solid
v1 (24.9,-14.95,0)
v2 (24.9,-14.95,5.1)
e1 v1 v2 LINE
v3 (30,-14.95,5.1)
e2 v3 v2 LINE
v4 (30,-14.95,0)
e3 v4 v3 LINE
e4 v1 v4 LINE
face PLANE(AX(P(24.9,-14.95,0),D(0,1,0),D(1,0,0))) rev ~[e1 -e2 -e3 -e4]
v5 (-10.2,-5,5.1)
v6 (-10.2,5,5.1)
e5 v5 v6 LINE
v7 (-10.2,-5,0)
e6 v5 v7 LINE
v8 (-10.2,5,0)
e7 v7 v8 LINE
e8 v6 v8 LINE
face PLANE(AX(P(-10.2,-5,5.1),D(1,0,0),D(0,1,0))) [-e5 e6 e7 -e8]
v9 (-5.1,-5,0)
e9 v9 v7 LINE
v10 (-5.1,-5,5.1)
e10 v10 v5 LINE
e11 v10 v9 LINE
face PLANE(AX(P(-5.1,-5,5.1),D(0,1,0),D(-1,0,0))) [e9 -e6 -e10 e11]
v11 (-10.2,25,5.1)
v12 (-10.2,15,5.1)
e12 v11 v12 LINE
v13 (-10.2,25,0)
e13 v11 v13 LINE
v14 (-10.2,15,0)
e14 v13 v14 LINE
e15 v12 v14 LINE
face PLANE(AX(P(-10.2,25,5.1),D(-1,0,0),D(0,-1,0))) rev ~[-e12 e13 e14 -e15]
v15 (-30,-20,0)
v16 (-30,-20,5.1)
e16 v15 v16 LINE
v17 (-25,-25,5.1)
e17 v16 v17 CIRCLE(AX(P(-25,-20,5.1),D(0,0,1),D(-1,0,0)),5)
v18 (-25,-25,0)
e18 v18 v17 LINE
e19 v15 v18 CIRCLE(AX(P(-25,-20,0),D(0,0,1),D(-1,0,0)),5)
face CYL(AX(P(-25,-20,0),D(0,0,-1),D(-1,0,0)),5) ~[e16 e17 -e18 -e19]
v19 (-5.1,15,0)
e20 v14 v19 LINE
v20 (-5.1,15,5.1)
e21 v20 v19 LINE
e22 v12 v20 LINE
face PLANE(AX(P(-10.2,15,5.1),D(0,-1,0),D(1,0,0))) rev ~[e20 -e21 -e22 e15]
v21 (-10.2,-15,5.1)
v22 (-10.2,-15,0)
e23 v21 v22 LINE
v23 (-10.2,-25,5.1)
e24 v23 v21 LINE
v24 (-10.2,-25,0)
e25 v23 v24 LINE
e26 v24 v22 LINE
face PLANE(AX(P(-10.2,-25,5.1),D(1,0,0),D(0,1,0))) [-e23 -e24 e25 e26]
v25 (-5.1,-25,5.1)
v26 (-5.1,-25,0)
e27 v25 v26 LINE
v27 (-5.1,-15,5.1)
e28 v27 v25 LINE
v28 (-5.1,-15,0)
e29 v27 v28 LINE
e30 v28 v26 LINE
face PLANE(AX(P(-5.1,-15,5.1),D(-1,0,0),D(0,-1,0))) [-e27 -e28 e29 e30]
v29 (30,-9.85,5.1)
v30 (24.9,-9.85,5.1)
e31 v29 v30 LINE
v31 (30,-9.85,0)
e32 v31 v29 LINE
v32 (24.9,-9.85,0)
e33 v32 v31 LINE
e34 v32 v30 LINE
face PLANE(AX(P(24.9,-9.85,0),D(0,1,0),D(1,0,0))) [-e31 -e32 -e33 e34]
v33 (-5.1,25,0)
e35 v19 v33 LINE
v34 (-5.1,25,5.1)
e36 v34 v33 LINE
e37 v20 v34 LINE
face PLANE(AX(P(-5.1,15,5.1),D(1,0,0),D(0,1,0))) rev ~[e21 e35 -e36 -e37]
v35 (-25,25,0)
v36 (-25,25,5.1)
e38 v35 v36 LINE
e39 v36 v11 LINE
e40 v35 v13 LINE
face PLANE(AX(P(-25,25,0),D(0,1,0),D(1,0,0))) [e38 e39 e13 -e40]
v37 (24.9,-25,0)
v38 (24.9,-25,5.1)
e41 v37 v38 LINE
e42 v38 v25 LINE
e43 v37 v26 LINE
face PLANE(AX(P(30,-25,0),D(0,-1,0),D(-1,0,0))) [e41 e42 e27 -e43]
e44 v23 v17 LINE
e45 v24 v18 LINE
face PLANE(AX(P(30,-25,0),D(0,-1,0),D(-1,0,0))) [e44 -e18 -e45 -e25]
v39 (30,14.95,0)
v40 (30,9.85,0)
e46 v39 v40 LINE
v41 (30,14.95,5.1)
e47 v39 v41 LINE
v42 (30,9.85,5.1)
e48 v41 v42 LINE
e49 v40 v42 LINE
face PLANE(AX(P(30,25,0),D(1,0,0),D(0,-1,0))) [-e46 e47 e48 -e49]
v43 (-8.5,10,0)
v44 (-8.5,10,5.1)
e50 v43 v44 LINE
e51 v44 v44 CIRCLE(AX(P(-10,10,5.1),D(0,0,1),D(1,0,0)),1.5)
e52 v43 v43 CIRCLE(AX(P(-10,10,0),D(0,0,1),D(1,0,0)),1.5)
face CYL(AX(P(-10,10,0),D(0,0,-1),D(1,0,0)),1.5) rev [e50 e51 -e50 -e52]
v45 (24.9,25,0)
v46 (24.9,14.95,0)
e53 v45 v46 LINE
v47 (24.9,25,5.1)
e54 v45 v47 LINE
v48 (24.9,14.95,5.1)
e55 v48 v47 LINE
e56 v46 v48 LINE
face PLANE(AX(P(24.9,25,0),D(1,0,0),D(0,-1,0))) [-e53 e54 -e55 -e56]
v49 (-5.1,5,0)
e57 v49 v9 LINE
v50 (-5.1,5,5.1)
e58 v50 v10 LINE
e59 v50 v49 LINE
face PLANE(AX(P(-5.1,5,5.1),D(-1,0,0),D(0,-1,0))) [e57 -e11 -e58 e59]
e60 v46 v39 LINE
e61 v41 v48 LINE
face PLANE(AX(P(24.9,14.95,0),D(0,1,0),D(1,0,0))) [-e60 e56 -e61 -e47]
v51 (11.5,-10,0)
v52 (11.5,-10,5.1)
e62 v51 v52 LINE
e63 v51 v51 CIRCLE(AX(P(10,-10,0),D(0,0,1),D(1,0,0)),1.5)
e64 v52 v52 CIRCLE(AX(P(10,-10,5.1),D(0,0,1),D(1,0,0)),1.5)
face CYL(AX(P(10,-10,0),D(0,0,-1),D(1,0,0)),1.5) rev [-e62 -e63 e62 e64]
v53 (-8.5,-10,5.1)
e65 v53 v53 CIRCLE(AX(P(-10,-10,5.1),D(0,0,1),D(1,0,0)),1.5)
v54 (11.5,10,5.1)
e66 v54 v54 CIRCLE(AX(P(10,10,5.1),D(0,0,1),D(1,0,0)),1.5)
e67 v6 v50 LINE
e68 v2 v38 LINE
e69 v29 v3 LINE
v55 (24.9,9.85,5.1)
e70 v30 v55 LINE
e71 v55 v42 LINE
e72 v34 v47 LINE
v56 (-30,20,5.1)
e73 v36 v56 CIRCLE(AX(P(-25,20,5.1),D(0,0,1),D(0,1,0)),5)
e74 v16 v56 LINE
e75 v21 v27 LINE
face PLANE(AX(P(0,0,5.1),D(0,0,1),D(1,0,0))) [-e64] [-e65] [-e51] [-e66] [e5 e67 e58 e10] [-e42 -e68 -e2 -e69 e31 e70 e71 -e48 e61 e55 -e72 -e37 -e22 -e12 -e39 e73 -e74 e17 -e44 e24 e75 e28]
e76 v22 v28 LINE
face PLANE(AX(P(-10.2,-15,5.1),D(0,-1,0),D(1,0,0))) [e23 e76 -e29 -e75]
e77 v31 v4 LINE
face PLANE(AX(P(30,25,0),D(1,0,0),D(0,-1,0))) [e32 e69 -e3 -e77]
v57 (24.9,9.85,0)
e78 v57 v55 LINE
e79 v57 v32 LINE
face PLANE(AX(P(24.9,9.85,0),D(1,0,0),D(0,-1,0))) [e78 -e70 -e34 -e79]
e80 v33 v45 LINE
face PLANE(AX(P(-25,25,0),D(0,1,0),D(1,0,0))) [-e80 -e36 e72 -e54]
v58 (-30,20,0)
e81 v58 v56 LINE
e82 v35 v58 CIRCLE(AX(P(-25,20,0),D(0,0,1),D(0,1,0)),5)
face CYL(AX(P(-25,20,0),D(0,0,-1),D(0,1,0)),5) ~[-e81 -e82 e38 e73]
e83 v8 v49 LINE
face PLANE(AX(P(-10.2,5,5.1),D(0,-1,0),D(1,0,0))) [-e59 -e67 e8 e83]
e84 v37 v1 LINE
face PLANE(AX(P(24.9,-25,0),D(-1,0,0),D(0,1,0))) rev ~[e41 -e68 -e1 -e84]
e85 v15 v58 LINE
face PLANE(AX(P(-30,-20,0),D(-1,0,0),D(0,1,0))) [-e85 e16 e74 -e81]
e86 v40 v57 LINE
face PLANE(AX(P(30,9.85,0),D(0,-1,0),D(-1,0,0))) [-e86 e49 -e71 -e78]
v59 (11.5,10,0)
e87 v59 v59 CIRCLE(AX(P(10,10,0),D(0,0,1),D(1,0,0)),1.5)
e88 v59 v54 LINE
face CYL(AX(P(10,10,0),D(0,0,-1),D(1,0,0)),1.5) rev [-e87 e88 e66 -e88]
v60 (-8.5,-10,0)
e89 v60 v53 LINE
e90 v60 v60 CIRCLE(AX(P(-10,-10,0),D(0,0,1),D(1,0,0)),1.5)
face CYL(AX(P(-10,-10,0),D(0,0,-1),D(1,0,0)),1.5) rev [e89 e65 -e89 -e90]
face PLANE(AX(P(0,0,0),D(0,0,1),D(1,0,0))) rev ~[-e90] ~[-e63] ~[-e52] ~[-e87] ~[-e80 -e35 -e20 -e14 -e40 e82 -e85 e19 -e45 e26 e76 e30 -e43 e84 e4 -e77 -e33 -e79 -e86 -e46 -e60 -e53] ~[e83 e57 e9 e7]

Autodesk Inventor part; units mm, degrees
ref_plane "YZ Plane" through (0, 0, 0) normal (1, 0, 0) x (0, 1, 0)
ref_plane "XZ Plane" through (0, 0, 0) normal (0, 1, 0) x (-1, 0, 0)
ref_plane "XY Plane" through (0, 0, 0) normal (0, 0, 1) x (1, 0, 0)
sketch "Sketch1" plane through (0, 0, 0) normal (0, 0, 1) x (1, 0, 0)
  line L0 (30, -25) -> (-25, -25)
  line L1 (-30, -20) -> (-30, 20)
  line L2 (-25, 25) -> (30, 25)
  line L3 (30, 25) -> (30, -25)
  line L4 (30, -25) -> (-30, 25) construction
  line L5 (-30, -25) -> (30, 25) construction
  circle A0 centre (-10, 10) radius 1.5
  circle A1 centre (-10, -10) radius 1.5
  circle A2 centre (10, 10) radius 1.5
  circle A3 centre (10, -10) radius 1.5
  arc A4 (-25, 25) -> (-30, 20) centre (-25, 20) ccw
  arc A5 (-30, -20) -> (-25, -25) centre (-25, -20) ccw
  point P0 (0, 0)
  dimension "d0" = 60
  dimension "d1" = 50
  dimension "d2" = 3
  dimension "d3" = 3
  dimension "d4" = 3
  dimension "d5" = 3
  dimension "d6" = 10
  dimension "d7" = 10
  dimension "d8" = 10
  dimension "d9" = 10
  dimension "d10" = 10
  dimension "d11" = 10
  dimension "d12" = 10
  dimension "d13" = 10
  dimension "d14" = 5
extrude "Extrusion1" add sketch "Sketch1" along normal blind 5.1
sketch "Sketch4" plane through (0, 0, 0) normal (0, 0, -1) x (-1, 0, 0)
  line L0 (-30, 25) -> (25, 25) projected
  line L1 (-30, 25) -> (-24.9, 25)
  line L2 (-24.9, 25) -> (-24.9, 14.95)
  line L3 (-24.9, 14.95) -> (-30, 14.95)
  line L4 (-30, 14.95) -> (-30, 25)
  line L5 (-30, -25) -> (-30, 25) projected
  line L6 (-30, 9.85) -> (-24.9, 9.85)
  line L7 (-24.9, 9.85) -> (-24.9, -9.85)
  line L8 (-24.9, -9.85) -> (-30, -9.85)
  line L9 (-30, -9.85) -> (-30, 9.85)
  line L10 (25, -25) -> (-30, -25) projected
  line L11 (-30, -25) -> (-24.9, -25)
  line L12 (-24.9, -25) -> (-24.9, -14.95)
  line L13 (-24.9, -14.95) -> (-30, -14.95)
  line L14 (-30, -14.95) -> (-30, -25)
  point P0 (0, 0)
  point P1 (-24.9, 0)
  point P2 (-30, 0)
  dimension "d27" = 5.1
  dimension "d28" = 10.05
  dimension "d29" = 5.1
  dimension "d30" = 19.7
  dimension "d31" = 10.05
  dimension "d32" = 5.1
extrude "Extrusion5" cut sketch "Sketch4" against normal blind 40
sketch "Sketch5" plane through (0, 0, 5.1) normal (0, 0, 1) x (1, 0, 0)
  circle A0 centre (10, -10) radius 1.5 projected
  circle A1 centre (10, 10) radius 1.5 projected
  line L0 (24.9, -25) -> (24.9, -14.95) projected
  line L1 (24.9, -14.95) -> (30, -14.95) projected
  line L2 (30, -14.95) -> (30, -9.85) projected
  line L3 (30, -9.85) -> (24.9, -9.85) projected
  line L4 (24.9, -9.85) -> (24.9, 9.85) projected
  line L5 (24.9, 9.85) -> (30, 9.85) projected
  line L6 (30, 9.85) -> (30, 14.95) projected
  line L7 (30, 14.95) -> (24.9, 14.95) projected
  line L8 (24.9, 14.95) -> (24.9, 25) projected
  line L9 (24.9, 25) -> (-25, 25) projected
  arc A2 (-25, 25) -> (-30, 20) centre (-25, 20) ccw projected
  line L10 (-30, 20) -> (-30, -20) projected
  arc A3 (-30, -20) -> (-25, -25) centre (-25, -20) ccw projected
  line L11 (-25, -25) -> (24.9, -25) projected
  line L12 (-10.2, 5) -> (-5.1, 5)
  line L13 (-5.1, 5) -> (-5.1, -5)
  line L14 (-5.1, -5) -> (-10.2, -5)
  line L15 (-10.2, -5) -> (-10.2, 5)
  line L16 (-10.2, -15) -> (-5.1, -15)
  line L17 (-5.1, -15) -> (-5.1, -25)
  line L18 (-5.1, -25) -> (-10.2, -25)
  line L19 (-10.2, -25) -> (-10.2, -15)
  line L20 (-10.2, 15) -> (-5.1, 15)
  line L21 (-5.1, 15) -> (-5.1, 25)
  line L22 (-5.1, 25) -> (-10.2, 25)
  line L23 (-10.2, 25) -> (-10.2, 15)
  line L24 (-43.2426, 0) -> (42.2071, 0) construction
  point P0 (0, 0)
  dimension "d35" = 5.1
  dimension "d36" = 5.1
  dimension "d37" = 5.1
  dimension "d38" = 19.7
  dimension "d40" = 30
  dimension "d43" = 10
  dimension "d44" = 10
extrude "Extrusion6" cut sketch "Sketch5" against normal through all contours L11 L19 L16 L17 | L9 L21 L20 L23 | L12 L13 L14 L15
equation "\"d36\" = d35"
equation "\"d37\" = d36"
equation "\"d44\" = d43"
properties part number "motor chasis holder" material "Polycarbonate, Smoke"
